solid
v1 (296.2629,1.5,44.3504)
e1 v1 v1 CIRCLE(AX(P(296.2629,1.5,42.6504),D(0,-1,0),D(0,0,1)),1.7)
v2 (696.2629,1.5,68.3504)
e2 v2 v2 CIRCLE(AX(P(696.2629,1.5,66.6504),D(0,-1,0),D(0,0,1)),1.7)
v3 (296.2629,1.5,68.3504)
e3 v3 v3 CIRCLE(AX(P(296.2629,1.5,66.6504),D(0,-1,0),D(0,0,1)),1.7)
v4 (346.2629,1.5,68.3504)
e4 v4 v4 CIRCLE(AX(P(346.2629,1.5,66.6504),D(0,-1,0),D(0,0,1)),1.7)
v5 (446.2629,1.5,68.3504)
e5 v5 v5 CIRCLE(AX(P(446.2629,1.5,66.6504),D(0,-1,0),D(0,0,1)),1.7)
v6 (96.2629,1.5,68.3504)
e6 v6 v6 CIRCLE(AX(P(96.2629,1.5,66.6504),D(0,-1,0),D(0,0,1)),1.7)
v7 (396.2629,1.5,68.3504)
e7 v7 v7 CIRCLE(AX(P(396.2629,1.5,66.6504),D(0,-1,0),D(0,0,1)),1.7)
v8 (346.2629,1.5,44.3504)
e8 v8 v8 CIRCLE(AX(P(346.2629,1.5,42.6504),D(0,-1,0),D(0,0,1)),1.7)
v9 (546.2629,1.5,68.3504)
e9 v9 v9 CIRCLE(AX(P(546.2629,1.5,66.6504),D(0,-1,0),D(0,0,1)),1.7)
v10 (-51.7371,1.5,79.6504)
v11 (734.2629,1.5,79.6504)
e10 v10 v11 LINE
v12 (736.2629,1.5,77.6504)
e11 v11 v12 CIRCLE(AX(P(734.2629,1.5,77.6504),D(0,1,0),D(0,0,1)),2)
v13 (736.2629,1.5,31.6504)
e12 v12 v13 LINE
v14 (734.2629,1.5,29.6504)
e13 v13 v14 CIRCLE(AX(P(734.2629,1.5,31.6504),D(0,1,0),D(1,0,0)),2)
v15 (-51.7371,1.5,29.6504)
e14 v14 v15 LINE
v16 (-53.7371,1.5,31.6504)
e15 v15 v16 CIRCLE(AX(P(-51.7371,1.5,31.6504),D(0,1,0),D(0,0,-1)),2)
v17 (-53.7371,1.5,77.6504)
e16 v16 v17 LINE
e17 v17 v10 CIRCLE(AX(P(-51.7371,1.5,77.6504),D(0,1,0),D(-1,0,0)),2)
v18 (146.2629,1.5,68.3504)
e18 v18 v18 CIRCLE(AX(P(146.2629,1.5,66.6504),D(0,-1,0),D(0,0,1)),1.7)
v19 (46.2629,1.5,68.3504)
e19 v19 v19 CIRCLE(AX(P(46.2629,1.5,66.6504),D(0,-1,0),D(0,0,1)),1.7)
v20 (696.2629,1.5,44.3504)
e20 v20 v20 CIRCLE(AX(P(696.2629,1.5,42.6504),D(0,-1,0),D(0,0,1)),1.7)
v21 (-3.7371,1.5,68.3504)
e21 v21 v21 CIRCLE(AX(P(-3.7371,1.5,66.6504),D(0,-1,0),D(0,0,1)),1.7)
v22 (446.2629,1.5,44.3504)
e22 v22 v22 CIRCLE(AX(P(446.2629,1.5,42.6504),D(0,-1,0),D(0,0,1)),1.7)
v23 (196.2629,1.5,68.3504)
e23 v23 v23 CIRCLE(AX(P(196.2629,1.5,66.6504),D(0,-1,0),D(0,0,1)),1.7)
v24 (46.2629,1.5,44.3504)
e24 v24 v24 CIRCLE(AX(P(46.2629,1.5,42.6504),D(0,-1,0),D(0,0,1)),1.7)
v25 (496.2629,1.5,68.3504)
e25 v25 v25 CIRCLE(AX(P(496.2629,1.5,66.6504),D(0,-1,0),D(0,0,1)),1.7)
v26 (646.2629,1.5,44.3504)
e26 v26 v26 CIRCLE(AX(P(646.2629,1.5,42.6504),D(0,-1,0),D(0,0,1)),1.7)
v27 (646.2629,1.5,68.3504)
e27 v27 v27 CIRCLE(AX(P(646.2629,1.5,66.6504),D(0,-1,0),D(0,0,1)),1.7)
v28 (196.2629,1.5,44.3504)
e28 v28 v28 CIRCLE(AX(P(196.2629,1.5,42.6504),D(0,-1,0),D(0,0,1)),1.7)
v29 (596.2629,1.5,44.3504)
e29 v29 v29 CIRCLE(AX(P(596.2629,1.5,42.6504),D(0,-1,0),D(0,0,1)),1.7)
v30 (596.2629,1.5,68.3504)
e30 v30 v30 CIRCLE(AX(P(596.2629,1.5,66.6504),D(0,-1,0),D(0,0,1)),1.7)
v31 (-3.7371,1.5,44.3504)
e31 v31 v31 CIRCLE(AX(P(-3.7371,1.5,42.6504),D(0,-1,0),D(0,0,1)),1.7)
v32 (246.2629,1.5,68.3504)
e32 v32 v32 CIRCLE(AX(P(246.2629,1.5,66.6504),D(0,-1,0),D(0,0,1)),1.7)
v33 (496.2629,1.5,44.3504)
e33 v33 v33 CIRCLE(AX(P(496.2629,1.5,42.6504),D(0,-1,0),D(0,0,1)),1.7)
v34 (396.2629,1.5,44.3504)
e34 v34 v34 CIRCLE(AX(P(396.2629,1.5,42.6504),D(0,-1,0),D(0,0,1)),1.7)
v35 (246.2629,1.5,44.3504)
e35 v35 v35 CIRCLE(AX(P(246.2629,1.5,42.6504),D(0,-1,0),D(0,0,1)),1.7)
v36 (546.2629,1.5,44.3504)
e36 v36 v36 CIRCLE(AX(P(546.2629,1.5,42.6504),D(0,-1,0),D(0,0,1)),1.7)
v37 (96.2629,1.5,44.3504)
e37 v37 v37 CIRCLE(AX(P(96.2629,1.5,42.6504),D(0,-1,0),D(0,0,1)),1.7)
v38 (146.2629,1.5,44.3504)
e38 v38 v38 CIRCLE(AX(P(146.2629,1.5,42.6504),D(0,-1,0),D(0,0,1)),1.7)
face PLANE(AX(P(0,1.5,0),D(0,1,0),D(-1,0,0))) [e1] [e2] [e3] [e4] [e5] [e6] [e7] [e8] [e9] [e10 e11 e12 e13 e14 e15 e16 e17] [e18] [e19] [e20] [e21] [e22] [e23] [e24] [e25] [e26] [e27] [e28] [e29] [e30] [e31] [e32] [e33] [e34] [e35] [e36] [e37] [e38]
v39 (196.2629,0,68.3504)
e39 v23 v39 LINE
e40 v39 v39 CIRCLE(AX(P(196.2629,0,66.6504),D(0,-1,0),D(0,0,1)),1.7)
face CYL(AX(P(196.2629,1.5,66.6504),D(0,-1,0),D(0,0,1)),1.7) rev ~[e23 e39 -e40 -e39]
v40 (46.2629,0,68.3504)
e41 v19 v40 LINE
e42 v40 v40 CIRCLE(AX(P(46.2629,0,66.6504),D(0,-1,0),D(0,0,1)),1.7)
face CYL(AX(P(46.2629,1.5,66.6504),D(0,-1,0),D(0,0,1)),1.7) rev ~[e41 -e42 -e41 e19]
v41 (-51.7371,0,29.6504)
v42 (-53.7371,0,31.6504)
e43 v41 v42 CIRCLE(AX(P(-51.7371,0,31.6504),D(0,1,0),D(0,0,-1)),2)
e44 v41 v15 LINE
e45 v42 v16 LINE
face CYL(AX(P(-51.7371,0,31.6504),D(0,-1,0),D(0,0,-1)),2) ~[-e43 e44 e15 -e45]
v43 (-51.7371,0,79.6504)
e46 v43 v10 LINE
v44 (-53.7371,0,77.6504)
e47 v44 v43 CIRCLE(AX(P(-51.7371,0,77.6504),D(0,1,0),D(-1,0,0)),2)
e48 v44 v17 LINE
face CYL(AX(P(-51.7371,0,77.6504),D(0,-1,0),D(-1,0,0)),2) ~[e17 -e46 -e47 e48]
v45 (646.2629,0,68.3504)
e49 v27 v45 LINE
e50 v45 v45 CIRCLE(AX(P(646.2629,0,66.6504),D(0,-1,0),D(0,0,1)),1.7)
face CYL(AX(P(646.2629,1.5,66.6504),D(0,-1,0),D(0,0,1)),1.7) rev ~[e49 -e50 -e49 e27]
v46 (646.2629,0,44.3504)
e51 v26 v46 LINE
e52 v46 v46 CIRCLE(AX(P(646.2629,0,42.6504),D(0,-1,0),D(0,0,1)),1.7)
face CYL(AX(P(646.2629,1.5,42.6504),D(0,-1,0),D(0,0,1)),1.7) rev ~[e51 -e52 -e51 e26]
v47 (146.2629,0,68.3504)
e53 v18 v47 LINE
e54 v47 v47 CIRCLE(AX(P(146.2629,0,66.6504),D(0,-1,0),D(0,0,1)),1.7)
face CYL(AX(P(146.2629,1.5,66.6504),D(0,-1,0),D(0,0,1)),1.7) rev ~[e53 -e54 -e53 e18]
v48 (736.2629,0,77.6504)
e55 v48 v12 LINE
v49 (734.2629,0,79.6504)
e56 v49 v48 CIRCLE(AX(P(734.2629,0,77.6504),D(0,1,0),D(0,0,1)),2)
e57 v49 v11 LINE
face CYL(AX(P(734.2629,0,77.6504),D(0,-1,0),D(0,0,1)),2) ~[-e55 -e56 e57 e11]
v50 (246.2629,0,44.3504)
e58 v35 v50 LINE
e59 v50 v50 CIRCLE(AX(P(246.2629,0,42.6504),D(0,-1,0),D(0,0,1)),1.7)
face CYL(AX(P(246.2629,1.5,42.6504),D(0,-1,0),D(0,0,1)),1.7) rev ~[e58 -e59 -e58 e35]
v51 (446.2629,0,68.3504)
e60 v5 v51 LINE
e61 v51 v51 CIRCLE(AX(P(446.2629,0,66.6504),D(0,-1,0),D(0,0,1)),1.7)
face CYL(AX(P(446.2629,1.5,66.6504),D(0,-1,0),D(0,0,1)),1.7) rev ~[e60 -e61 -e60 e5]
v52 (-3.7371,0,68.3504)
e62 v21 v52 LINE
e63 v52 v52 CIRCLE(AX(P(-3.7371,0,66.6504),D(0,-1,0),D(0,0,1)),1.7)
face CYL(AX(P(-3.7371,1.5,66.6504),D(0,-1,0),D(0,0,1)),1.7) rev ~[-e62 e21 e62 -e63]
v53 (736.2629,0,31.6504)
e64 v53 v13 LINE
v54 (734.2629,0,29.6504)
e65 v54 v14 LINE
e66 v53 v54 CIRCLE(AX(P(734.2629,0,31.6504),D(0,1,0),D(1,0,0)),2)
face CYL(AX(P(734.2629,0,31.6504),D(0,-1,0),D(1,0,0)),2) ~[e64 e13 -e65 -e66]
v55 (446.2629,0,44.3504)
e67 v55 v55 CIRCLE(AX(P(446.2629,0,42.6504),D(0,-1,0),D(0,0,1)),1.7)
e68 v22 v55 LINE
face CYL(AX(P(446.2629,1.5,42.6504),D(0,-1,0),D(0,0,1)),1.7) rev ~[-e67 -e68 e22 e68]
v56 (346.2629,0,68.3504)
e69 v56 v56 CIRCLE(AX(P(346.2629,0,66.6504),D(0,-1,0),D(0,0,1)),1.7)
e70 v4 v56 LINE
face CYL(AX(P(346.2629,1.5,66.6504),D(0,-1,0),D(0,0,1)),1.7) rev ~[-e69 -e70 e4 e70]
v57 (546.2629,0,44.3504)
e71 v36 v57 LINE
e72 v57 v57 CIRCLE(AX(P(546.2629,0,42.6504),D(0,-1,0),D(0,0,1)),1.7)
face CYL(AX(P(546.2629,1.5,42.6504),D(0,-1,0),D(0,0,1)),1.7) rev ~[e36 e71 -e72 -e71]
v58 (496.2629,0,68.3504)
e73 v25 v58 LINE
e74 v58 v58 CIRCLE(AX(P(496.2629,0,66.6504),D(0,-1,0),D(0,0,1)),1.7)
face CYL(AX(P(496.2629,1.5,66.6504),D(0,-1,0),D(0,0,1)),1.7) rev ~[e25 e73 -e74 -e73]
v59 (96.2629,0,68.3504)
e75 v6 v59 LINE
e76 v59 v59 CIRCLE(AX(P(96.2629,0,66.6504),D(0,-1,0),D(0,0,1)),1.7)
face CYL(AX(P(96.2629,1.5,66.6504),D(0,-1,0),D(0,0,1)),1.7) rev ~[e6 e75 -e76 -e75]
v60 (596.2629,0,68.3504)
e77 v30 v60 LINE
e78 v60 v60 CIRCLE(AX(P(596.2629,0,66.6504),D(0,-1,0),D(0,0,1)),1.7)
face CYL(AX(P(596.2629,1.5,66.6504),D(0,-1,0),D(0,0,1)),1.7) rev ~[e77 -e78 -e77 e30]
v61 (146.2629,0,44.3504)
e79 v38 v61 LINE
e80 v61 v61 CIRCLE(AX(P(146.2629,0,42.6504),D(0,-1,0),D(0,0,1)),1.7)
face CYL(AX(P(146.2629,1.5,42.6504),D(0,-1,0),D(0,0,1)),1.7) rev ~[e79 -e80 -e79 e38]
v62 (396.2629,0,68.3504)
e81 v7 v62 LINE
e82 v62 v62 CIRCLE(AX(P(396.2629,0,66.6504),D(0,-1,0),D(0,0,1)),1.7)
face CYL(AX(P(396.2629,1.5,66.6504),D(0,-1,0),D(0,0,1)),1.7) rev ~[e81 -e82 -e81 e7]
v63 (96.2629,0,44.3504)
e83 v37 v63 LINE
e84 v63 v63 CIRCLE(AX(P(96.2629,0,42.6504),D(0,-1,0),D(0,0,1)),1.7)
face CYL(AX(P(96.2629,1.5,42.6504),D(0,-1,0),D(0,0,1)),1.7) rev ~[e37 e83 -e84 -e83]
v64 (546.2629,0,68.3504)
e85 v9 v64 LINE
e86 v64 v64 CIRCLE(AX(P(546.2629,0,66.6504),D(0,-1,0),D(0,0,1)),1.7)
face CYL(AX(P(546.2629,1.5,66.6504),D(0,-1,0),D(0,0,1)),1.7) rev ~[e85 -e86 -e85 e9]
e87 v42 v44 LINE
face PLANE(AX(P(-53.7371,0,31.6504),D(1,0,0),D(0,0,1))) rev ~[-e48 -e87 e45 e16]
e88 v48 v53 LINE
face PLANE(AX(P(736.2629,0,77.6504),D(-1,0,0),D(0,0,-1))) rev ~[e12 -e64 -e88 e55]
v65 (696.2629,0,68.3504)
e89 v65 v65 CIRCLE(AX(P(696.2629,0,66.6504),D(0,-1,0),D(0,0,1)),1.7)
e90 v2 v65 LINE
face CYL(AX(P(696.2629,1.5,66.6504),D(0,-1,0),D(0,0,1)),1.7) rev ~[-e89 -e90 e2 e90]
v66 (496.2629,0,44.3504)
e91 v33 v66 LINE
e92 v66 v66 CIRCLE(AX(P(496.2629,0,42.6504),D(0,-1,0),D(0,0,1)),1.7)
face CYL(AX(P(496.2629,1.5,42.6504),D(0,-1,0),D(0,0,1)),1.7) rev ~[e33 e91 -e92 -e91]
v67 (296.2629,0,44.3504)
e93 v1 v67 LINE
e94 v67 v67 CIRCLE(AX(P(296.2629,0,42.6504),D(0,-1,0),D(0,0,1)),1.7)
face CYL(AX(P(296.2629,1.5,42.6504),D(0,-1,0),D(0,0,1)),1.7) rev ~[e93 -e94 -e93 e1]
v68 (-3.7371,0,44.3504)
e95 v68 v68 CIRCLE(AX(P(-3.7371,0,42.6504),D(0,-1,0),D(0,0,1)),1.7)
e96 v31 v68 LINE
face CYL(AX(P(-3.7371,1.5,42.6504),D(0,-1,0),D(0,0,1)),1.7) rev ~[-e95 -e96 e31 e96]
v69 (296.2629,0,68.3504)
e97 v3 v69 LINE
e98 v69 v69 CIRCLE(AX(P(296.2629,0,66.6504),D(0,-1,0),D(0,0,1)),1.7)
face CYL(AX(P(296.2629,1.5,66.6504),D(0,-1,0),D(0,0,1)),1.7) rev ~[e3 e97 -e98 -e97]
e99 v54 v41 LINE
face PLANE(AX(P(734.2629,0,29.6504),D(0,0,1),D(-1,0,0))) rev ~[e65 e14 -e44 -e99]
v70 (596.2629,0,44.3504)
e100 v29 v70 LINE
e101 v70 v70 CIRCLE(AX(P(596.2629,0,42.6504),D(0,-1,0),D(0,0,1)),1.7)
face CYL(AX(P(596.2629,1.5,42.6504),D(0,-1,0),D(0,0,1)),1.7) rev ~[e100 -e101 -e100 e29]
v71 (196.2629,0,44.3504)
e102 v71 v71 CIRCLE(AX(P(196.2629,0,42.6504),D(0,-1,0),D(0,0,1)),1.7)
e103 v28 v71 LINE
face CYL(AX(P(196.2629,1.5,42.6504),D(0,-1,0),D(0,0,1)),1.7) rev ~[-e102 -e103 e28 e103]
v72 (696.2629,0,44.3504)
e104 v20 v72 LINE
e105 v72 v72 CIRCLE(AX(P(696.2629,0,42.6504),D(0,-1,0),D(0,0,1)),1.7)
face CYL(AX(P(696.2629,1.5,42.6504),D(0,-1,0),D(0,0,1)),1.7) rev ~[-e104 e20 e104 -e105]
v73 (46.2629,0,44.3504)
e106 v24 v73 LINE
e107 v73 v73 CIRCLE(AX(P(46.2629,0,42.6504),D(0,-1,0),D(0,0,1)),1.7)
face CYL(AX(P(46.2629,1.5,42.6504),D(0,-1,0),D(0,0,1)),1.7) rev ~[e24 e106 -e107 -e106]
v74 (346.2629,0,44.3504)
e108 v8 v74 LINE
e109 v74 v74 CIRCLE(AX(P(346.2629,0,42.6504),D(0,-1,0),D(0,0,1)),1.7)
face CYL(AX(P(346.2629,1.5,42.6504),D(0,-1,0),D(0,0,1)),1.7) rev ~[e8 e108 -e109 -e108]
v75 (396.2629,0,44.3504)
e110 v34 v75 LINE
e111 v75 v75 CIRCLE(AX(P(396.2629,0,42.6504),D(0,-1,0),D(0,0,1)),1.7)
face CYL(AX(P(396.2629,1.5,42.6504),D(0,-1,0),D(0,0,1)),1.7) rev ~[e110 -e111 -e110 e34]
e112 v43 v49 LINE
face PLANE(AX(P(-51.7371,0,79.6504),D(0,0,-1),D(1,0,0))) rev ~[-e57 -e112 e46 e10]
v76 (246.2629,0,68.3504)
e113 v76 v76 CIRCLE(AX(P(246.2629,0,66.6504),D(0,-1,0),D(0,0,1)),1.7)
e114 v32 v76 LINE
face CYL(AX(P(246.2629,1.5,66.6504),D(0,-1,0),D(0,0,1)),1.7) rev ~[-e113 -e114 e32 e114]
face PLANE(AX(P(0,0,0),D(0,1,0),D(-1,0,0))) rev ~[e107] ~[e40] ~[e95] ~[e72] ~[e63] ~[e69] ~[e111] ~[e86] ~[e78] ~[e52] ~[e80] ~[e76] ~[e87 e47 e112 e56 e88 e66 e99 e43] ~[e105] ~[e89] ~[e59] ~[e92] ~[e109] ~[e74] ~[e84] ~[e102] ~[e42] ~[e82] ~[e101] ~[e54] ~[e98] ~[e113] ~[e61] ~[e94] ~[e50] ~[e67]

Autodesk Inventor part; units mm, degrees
ref_plane "YZ Plane" through (0, 0, 0) normal (1, 0, 0) x (0, 1, 0)
ref_plane "XZ Plane" through (0, 0, 0) normal (0, 1, 0) x (-1, 0, 0)
ref_plane "XY Plane" through (0, 0, 0) normal (0, 0, 1) x (1, 0, 0)
sketch "Sketch2" plane through (0, 0, 0) normal (0, 1, 0) x (-1, 0, 0)
  line L0 (51.7371, 79.6504) -> (-734.2629, 79.6504)
  line L1 (-736.2629, 77.6504) -> (-736.2629, 31.6504)
  line L2 (-734.2629, 29.6504) -> (51.7371, 29.6504)
  line L3 (53.7371, 31.6504) -> (53.7371, 77.6504)
  arc A0 (51.7371, 29.6504) -> (53.7371, 31.6504) centre (51.7371, 31.6504) ccw
  arc A1 (53.7371, 77.6504) -> (51.7371, 79.6504) centre (51.7371, 77.6504) ccw
  arc A2 (-734.2629, 79.6504) -> (-736.2629, 77.6504) centre (-734.2629, 77.6504) ccw
  arc A3 (-736.2629, 31.6504) -> (-734.2629, 29.6504) centre (-734.2629, 31.6504) ccw
  point P0 (0, 0)
  point P1 (53.7371, 79.6504)
  point P2 (-736.2629, 29.6504)
  point P3 (-736.2629, 79.6504)
  point P4 (53.7371, 29.6504)
  dimension "d11" = 50
  dimension "d33" = 790
  dimension "d34" = 2
extrude "Plate1" add sketch "Sketch2" along normal blind 1.5
sketch "Sketch5" plane through (0, 1.5, 0) normal (0, 1, 0) x (1, 0, 0)
  line L0 (-53.7371, -77.6504) -> (-53.7371, -31.6504) projected
  line L1 (-53.7371, -54.6504) -> (736.2629, -54.6504) construction
  line L2 (736.2629, -31.6504) -> (736.2629, -77.6504) projected
  circle A0 centre (-3.7371, -42.6504) radius 1.7
  circle A1 centre (-3.7371, -66.6504) radius 1.7
  line L3 (-3.7371, -54.6504) -> (786.2629, -54.6504) construction
  circle A2 centre (46.2629, -42.6504) radius 1.7
  circle A3 centre (46.2629, -66.6504) radius 1.7
  line L4 (46.2629, -54.6504) -> (836.2629, -54.6504) construction
  circle A4 centre (96.2629, -42.6504) radius 1.7
  circle A5 centre (96.2629, -66.6504) radius 1.7
  line L5 (96.2629, -54.6504) -> (886.2629, -54.6504) construction
  circle A6 centre (146.2629, -42.6504) radius 1.7
  circle A7 centre (146.2629, -66.6504) radius 1.7
  line L6 (146.2629, -54.6504) -> (936.2629, -54.6504) construction
  circle A8 centre (196.2629, -42.6504) radius 1.7
  circle A9 centre (196.2629, -66.6504) radius 1.7
  line L7 (196.2629, -54.6504) -> (986.2629, -54.6504) construction
  circle A10 centre (246.2629, -42.6504) radius 1.7
  circle A11 centre (246.2629, -66.6504) radius 1.7
  line L8 (246.2629, -54.6504) -> (1036.2629, -54.6504) construction
  circle A12 centre (296.2629, -42.6504) radius 1.7
  circle A13 centre (296.2629, -66.6504) radius 1.7
  line L9 (296.2629, -54.6504) -> (1086.2629, -54.6504) construction
  circle A14 centre (346.2629, -42.6504) radius 1.7
  circle A15 centre (346.2629, -66.6504) radius 1.7
  line L10 (346.2629, -54.6504) -> (1136.2629, -54.6504) construction
  circle A16 centre (396.2629, -42.6504) radius 1.7
  circle A17 centre (396.2629, -66.6504) radius 1.7
  line L11 (396.2629, -54.6504) -> (1186.2629, -54.6504) construction
  circle A18 centre (446.2629, -42.6504) radius 1.7
  circle A19 centre (446.2629, -66.6504) radius 1.7
  line L12 (446.2629, -54.6504) -> (1236.2629, -54.6504) construction
  circle A20 centre (496.2629, -42.6504) radius 1.7
  circle A21 centre (496.2629, -66.6504) radius 1.7
  line L13 (496.2629, -54.6504) -> (1286.2629, -54.6504) construction
  circle A22 centre (546.2629, -42.6504) radius 1.7
  circle A23 centre (546.2629, -66.6504) radius 1.7
  line L14 (546.2629, -54.6504) -> (1336.2629, -54.6504) construction
  circle A24 centre (596.2629, -42.6504) radius 1.7
  circle A25 centre (596.2629, -66.6504) radius 1.7
  line L15 (596.2629, -54.6504) -> (1386.2629, -54.6504) construction
  circle A26 centre (646.2629, -42.6504) radius 1.7
  circle A27 centre (646.2629, -66.6504) radius 1.7
  line L16 (646.2629, -54.6504) -> (1436.2629, -54.6504) construction
  circle A28 centre (696.2629, -42.6504) radius 1.7
  circle A29 centre (696.2629, -66.6504) radius 1.7
  point P0 (0, 0)
  dimension "d35" = 3.4
  dimension "d36" = 12
  dimension "d37" = 50
  dimension "d40" = 50
hole "Hole1" at (-3.7371, 1.5, 42.6504) at (-3.7371, 1.5, 66.6504) at (46.2629, 1.5, 42.6504) at (46.2629, 1.5, 66.6504) at (96.2629, 1.5, 42.6504) at (96.2629, 1.5, 66.6504) at (146.2629, 1.5, 42.6504) at (146.2629, 1.5, 66.6504) at (196.2629, 1.5, 42.6504) at (196.2629, 1.5, 66.6504) at (246.2629, 1.5, 42.6504) at (246.2629, 1.5, 66.6504) at (296.2629, 1.5, 42.6504) at (296.2629, 1.5, 66.6504) at (346.2629, 1.5, 42.6504) at (346.2629, 1.5, 66.6504) at (396.2629, 1.5, 66.6504) at (396.2629, 1.5, 42.6504) at (446.2629, 1.5, 42.6504) at (446.2629, 1.5, 66.6504) at (496.2629, 1.5, 42.6504) at (496.2629, 1.5, 66.6504) at (546.2629, 1.5, 66.6504) at (546.2629, 1.5, 42.6504) at (596.2629, 1.5, 42.6504) at (596.2629, 1.5, 66.6504) at (646.2629, 1.5, 66.6504) at (646.2629, 1.5, 42.6504) at (696.2629, 1.5, 42.6504) at (696.2629, 1.5, 66.6504) direction (0, -1, 0) diameter 3.4 end through all
sketch "Sketch6" plane through (0, 1.5, 0) normal (0, 1, 0) x (1, 0, 0)
  point P0 (0, 0)
equation "\"d50\" = Thickness"
equation "\"d12\" = Thickness"
equation "\"BendRadius\" = Thickness"
equation "\"BendReliefWidth\" = Thickness"
equation "\"BendReliefDepth\" = 0.5 * Thickness"
equation "\"CornerReliefSize\" = 4 * Thickness"
equation "\"MinimumRemnant\" = 2 * Thickness"
equation "\"TransitionRadius\" = BendRadius"
equation "\"JacobiRadiusSize\" = BendRadius"
equation "\"GapSize\" = Thickness"
equation "\"Thickness\" = 1.5"
properties part number "Sketch-3-44"
